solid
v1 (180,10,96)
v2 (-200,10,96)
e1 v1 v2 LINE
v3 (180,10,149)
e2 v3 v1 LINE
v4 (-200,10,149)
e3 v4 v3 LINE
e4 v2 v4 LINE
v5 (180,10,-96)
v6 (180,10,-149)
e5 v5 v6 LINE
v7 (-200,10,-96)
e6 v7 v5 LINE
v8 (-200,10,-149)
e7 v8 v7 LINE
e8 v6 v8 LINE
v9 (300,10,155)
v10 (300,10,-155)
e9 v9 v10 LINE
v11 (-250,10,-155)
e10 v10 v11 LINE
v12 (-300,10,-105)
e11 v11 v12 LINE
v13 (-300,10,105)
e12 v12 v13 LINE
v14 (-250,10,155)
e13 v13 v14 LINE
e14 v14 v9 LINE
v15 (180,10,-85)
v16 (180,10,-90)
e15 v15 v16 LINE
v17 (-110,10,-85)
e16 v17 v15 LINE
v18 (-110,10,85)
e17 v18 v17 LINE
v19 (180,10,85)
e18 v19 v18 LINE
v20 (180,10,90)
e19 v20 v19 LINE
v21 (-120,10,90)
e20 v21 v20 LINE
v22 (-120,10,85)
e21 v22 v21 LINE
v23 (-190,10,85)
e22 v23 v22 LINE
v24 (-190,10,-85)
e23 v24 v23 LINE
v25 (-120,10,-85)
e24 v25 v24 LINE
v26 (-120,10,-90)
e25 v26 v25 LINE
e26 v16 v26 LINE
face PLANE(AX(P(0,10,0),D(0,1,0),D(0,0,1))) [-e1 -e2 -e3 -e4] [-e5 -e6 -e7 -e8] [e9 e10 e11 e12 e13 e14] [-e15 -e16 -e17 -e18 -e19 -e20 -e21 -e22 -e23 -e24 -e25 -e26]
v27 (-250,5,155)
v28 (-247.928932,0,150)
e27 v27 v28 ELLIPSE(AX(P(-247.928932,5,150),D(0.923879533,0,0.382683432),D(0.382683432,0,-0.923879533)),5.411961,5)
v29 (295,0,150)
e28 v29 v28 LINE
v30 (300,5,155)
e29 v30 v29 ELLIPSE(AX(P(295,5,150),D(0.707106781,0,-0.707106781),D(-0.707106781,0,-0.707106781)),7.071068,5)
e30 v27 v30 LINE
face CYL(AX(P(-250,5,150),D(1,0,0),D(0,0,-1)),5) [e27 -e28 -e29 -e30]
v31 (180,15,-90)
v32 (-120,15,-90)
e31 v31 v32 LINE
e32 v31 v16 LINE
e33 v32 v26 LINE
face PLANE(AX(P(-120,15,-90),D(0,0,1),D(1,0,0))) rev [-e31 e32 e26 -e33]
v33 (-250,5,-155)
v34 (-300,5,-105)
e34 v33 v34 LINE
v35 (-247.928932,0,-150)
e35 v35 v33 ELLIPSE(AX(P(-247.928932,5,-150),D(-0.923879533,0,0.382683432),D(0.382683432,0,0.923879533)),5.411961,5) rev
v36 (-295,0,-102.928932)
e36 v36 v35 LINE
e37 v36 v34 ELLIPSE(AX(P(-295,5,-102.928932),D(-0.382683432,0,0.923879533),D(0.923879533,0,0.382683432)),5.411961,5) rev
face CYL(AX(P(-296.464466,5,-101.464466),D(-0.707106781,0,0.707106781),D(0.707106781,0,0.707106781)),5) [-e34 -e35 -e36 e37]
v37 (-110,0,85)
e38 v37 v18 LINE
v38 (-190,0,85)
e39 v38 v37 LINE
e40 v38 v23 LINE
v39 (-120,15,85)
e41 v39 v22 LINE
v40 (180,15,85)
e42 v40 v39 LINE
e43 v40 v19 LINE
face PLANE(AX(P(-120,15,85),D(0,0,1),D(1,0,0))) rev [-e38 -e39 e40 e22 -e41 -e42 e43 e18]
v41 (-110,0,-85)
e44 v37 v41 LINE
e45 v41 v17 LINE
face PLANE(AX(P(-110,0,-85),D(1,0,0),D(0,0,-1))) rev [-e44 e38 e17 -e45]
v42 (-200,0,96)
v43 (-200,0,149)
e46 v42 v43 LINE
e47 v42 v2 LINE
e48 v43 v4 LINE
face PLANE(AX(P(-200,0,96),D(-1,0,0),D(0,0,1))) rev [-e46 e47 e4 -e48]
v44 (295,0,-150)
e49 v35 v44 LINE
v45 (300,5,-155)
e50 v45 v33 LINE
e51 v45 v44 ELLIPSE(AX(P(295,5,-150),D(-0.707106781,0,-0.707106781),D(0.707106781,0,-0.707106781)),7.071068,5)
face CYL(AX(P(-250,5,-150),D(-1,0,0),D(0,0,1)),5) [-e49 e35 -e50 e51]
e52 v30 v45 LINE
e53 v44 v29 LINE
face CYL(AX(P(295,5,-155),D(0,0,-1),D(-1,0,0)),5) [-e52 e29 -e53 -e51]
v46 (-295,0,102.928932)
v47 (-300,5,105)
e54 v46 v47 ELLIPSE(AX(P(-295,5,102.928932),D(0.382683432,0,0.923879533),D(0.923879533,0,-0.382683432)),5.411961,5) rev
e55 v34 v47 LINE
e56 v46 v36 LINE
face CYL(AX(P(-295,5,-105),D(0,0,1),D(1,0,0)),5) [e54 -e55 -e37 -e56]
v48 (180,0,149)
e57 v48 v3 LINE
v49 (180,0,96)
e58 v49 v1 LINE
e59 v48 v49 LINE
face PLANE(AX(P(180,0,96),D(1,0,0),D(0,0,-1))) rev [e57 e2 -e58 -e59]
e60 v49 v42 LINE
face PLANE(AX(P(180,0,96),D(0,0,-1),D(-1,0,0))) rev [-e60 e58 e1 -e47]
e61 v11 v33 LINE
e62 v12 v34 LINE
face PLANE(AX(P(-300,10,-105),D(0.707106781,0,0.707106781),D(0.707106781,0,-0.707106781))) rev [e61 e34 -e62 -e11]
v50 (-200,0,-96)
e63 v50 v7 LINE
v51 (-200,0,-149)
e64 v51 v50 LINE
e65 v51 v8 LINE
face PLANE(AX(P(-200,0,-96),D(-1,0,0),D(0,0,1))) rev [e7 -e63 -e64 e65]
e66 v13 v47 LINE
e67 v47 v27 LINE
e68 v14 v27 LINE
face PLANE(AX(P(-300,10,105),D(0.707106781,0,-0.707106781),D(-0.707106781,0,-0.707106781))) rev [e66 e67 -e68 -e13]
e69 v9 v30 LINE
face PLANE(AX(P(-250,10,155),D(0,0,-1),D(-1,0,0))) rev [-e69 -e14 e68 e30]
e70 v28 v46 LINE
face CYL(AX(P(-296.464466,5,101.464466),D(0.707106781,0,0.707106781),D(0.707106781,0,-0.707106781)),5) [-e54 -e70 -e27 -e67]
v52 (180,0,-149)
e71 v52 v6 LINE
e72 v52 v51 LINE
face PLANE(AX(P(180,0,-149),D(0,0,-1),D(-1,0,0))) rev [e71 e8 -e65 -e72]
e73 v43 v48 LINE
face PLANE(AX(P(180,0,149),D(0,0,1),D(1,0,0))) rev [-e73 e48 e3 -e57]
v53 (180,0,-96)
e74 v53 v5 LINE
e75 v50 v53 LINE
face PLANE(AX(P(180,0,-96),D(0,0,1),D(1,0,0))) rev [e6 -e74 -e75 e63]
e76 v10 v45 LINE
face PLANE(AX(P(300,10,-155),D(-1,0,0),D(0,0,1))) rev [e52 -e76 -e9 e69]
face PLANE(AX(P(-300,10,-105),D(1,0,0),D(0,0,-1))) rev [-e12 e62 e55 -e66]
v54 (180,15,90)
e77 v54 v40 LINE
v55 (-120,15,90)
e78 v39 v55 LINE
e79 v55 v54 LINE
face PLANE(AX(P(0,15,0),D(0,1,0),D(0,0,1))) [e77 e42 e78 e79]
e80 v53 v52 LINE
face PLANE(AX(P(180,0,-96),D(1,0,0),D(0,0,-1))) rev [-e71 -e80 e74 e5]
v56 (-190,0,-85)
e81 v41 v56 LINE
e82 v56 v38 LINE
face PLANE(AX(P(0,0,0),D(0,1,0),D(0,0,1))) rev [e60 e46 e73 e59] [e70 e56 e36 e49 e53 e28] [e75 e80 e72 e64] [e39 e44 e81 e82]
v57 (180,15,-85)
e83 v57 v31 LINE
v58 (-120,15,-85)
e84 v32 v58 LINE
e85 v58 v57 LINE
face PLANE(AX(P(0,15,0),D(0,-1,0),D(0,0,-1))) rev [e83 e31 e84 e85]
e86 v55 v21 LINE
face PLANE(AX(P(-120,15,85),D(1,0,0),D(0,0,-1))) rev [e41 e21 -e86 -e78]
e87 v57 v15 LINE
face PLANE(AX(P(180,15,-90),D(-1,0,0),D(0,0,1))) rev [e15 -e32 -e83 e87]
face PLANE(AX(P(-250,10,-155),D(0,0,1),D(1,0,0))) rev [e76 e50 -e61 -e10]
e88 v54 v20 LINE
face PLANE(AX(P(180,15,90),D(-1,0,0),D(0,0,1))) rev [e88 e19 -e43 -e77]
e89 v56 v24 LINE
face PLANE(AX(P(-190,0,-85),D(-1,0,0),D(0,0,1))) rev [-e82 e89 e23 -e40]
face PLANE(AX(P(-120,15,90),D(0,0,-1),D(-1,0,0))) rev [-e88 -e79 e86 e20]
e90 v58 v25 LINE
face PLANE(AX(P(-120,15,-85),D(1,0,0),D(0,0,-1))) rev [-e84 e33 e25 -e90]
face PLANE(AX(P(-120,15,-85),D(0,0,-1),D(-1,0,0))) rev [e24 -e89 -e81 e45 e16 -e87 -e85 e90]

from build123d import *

# Parameters (mm, degrees)
BOSS_EXTRUDE2_DEPTH = 10
SKETCH2_W           = 300
SKETCH2_H           = 5
BOSS_EXTRUDE3_DEPTH = 5
FILLET1_R           = 5
SKETCH3_W           = 380
SKETCH3_H           = 53
SKETCH3_W_2         = 80
SKETCH3_H_2         = 170
CUT_EXTRUDE1_DEPTH  = 10


with BuildPart() as part:
    # Sketch1 → Boss-Extrude2 (new body)
    with BuildSketch(Plane(origin=(0, 0, 0), x_dir=(1, 0, 0), z_dir=(0, 1, 0))):
        Polygon((-300, 105), (-250, 155), (300, 155), (300, -155), (-250, -155), (-300, -105), align=None)
    extrude(amount=BOSS_EXTRUDE2_DEPTH)

    # Sketch2 → Boss-Extrude3 (add)
    with BuildSketch(Plane(origin=(0, 10, 0), x_dir=(1, 0, 0), z_dir=(0, 1, 0))):
        with Locations((30, -87.5)):
            Rectangle(SKETCH2_W, SKETCH2_H)
        with Locations((30, 87.5)):
            Rectangle(SKETCH2_W, SKETCH2_H)
    extrude(amount=BOSS_EXTRUDE3_DEPTH)

    # Fillet1
    fillet1_edges = [part.edges().sort_by_distance(p)[0] for p in [
        (25, 0, 155),
        (-275, 0, 130),
        (-300, 0, 0),
        (-275, 0, -130),
        (25, 0, -155),
        (300, 0, 0),
    ]]
    fillet(fillet1_edges, radius=FILLET1_R)

    # Sketch3 → Cut-Extrude1 (cut)
    with BuildSketch(Plane(origin=(0, 10, 0), x_dir=(1, 0, 0), z_dir=(0, 1, 0))):
        with Locations((-10, 122.5)):
            Rectangle(SKETCH3_W, SKETCH3_H)
        with Locations((-10, -122.5)):
            Rectangle(SKETCH3_W, SKETCH3_H)
        with Locations((-150, 0)):
            Rectangle(SKETCH3_W_2, SKETCH3_H_2)
    extrude(amount=-CUT_EXTRUDE1_DEPTH, mode=Mode.SUBTRACT)


solid = part.part
